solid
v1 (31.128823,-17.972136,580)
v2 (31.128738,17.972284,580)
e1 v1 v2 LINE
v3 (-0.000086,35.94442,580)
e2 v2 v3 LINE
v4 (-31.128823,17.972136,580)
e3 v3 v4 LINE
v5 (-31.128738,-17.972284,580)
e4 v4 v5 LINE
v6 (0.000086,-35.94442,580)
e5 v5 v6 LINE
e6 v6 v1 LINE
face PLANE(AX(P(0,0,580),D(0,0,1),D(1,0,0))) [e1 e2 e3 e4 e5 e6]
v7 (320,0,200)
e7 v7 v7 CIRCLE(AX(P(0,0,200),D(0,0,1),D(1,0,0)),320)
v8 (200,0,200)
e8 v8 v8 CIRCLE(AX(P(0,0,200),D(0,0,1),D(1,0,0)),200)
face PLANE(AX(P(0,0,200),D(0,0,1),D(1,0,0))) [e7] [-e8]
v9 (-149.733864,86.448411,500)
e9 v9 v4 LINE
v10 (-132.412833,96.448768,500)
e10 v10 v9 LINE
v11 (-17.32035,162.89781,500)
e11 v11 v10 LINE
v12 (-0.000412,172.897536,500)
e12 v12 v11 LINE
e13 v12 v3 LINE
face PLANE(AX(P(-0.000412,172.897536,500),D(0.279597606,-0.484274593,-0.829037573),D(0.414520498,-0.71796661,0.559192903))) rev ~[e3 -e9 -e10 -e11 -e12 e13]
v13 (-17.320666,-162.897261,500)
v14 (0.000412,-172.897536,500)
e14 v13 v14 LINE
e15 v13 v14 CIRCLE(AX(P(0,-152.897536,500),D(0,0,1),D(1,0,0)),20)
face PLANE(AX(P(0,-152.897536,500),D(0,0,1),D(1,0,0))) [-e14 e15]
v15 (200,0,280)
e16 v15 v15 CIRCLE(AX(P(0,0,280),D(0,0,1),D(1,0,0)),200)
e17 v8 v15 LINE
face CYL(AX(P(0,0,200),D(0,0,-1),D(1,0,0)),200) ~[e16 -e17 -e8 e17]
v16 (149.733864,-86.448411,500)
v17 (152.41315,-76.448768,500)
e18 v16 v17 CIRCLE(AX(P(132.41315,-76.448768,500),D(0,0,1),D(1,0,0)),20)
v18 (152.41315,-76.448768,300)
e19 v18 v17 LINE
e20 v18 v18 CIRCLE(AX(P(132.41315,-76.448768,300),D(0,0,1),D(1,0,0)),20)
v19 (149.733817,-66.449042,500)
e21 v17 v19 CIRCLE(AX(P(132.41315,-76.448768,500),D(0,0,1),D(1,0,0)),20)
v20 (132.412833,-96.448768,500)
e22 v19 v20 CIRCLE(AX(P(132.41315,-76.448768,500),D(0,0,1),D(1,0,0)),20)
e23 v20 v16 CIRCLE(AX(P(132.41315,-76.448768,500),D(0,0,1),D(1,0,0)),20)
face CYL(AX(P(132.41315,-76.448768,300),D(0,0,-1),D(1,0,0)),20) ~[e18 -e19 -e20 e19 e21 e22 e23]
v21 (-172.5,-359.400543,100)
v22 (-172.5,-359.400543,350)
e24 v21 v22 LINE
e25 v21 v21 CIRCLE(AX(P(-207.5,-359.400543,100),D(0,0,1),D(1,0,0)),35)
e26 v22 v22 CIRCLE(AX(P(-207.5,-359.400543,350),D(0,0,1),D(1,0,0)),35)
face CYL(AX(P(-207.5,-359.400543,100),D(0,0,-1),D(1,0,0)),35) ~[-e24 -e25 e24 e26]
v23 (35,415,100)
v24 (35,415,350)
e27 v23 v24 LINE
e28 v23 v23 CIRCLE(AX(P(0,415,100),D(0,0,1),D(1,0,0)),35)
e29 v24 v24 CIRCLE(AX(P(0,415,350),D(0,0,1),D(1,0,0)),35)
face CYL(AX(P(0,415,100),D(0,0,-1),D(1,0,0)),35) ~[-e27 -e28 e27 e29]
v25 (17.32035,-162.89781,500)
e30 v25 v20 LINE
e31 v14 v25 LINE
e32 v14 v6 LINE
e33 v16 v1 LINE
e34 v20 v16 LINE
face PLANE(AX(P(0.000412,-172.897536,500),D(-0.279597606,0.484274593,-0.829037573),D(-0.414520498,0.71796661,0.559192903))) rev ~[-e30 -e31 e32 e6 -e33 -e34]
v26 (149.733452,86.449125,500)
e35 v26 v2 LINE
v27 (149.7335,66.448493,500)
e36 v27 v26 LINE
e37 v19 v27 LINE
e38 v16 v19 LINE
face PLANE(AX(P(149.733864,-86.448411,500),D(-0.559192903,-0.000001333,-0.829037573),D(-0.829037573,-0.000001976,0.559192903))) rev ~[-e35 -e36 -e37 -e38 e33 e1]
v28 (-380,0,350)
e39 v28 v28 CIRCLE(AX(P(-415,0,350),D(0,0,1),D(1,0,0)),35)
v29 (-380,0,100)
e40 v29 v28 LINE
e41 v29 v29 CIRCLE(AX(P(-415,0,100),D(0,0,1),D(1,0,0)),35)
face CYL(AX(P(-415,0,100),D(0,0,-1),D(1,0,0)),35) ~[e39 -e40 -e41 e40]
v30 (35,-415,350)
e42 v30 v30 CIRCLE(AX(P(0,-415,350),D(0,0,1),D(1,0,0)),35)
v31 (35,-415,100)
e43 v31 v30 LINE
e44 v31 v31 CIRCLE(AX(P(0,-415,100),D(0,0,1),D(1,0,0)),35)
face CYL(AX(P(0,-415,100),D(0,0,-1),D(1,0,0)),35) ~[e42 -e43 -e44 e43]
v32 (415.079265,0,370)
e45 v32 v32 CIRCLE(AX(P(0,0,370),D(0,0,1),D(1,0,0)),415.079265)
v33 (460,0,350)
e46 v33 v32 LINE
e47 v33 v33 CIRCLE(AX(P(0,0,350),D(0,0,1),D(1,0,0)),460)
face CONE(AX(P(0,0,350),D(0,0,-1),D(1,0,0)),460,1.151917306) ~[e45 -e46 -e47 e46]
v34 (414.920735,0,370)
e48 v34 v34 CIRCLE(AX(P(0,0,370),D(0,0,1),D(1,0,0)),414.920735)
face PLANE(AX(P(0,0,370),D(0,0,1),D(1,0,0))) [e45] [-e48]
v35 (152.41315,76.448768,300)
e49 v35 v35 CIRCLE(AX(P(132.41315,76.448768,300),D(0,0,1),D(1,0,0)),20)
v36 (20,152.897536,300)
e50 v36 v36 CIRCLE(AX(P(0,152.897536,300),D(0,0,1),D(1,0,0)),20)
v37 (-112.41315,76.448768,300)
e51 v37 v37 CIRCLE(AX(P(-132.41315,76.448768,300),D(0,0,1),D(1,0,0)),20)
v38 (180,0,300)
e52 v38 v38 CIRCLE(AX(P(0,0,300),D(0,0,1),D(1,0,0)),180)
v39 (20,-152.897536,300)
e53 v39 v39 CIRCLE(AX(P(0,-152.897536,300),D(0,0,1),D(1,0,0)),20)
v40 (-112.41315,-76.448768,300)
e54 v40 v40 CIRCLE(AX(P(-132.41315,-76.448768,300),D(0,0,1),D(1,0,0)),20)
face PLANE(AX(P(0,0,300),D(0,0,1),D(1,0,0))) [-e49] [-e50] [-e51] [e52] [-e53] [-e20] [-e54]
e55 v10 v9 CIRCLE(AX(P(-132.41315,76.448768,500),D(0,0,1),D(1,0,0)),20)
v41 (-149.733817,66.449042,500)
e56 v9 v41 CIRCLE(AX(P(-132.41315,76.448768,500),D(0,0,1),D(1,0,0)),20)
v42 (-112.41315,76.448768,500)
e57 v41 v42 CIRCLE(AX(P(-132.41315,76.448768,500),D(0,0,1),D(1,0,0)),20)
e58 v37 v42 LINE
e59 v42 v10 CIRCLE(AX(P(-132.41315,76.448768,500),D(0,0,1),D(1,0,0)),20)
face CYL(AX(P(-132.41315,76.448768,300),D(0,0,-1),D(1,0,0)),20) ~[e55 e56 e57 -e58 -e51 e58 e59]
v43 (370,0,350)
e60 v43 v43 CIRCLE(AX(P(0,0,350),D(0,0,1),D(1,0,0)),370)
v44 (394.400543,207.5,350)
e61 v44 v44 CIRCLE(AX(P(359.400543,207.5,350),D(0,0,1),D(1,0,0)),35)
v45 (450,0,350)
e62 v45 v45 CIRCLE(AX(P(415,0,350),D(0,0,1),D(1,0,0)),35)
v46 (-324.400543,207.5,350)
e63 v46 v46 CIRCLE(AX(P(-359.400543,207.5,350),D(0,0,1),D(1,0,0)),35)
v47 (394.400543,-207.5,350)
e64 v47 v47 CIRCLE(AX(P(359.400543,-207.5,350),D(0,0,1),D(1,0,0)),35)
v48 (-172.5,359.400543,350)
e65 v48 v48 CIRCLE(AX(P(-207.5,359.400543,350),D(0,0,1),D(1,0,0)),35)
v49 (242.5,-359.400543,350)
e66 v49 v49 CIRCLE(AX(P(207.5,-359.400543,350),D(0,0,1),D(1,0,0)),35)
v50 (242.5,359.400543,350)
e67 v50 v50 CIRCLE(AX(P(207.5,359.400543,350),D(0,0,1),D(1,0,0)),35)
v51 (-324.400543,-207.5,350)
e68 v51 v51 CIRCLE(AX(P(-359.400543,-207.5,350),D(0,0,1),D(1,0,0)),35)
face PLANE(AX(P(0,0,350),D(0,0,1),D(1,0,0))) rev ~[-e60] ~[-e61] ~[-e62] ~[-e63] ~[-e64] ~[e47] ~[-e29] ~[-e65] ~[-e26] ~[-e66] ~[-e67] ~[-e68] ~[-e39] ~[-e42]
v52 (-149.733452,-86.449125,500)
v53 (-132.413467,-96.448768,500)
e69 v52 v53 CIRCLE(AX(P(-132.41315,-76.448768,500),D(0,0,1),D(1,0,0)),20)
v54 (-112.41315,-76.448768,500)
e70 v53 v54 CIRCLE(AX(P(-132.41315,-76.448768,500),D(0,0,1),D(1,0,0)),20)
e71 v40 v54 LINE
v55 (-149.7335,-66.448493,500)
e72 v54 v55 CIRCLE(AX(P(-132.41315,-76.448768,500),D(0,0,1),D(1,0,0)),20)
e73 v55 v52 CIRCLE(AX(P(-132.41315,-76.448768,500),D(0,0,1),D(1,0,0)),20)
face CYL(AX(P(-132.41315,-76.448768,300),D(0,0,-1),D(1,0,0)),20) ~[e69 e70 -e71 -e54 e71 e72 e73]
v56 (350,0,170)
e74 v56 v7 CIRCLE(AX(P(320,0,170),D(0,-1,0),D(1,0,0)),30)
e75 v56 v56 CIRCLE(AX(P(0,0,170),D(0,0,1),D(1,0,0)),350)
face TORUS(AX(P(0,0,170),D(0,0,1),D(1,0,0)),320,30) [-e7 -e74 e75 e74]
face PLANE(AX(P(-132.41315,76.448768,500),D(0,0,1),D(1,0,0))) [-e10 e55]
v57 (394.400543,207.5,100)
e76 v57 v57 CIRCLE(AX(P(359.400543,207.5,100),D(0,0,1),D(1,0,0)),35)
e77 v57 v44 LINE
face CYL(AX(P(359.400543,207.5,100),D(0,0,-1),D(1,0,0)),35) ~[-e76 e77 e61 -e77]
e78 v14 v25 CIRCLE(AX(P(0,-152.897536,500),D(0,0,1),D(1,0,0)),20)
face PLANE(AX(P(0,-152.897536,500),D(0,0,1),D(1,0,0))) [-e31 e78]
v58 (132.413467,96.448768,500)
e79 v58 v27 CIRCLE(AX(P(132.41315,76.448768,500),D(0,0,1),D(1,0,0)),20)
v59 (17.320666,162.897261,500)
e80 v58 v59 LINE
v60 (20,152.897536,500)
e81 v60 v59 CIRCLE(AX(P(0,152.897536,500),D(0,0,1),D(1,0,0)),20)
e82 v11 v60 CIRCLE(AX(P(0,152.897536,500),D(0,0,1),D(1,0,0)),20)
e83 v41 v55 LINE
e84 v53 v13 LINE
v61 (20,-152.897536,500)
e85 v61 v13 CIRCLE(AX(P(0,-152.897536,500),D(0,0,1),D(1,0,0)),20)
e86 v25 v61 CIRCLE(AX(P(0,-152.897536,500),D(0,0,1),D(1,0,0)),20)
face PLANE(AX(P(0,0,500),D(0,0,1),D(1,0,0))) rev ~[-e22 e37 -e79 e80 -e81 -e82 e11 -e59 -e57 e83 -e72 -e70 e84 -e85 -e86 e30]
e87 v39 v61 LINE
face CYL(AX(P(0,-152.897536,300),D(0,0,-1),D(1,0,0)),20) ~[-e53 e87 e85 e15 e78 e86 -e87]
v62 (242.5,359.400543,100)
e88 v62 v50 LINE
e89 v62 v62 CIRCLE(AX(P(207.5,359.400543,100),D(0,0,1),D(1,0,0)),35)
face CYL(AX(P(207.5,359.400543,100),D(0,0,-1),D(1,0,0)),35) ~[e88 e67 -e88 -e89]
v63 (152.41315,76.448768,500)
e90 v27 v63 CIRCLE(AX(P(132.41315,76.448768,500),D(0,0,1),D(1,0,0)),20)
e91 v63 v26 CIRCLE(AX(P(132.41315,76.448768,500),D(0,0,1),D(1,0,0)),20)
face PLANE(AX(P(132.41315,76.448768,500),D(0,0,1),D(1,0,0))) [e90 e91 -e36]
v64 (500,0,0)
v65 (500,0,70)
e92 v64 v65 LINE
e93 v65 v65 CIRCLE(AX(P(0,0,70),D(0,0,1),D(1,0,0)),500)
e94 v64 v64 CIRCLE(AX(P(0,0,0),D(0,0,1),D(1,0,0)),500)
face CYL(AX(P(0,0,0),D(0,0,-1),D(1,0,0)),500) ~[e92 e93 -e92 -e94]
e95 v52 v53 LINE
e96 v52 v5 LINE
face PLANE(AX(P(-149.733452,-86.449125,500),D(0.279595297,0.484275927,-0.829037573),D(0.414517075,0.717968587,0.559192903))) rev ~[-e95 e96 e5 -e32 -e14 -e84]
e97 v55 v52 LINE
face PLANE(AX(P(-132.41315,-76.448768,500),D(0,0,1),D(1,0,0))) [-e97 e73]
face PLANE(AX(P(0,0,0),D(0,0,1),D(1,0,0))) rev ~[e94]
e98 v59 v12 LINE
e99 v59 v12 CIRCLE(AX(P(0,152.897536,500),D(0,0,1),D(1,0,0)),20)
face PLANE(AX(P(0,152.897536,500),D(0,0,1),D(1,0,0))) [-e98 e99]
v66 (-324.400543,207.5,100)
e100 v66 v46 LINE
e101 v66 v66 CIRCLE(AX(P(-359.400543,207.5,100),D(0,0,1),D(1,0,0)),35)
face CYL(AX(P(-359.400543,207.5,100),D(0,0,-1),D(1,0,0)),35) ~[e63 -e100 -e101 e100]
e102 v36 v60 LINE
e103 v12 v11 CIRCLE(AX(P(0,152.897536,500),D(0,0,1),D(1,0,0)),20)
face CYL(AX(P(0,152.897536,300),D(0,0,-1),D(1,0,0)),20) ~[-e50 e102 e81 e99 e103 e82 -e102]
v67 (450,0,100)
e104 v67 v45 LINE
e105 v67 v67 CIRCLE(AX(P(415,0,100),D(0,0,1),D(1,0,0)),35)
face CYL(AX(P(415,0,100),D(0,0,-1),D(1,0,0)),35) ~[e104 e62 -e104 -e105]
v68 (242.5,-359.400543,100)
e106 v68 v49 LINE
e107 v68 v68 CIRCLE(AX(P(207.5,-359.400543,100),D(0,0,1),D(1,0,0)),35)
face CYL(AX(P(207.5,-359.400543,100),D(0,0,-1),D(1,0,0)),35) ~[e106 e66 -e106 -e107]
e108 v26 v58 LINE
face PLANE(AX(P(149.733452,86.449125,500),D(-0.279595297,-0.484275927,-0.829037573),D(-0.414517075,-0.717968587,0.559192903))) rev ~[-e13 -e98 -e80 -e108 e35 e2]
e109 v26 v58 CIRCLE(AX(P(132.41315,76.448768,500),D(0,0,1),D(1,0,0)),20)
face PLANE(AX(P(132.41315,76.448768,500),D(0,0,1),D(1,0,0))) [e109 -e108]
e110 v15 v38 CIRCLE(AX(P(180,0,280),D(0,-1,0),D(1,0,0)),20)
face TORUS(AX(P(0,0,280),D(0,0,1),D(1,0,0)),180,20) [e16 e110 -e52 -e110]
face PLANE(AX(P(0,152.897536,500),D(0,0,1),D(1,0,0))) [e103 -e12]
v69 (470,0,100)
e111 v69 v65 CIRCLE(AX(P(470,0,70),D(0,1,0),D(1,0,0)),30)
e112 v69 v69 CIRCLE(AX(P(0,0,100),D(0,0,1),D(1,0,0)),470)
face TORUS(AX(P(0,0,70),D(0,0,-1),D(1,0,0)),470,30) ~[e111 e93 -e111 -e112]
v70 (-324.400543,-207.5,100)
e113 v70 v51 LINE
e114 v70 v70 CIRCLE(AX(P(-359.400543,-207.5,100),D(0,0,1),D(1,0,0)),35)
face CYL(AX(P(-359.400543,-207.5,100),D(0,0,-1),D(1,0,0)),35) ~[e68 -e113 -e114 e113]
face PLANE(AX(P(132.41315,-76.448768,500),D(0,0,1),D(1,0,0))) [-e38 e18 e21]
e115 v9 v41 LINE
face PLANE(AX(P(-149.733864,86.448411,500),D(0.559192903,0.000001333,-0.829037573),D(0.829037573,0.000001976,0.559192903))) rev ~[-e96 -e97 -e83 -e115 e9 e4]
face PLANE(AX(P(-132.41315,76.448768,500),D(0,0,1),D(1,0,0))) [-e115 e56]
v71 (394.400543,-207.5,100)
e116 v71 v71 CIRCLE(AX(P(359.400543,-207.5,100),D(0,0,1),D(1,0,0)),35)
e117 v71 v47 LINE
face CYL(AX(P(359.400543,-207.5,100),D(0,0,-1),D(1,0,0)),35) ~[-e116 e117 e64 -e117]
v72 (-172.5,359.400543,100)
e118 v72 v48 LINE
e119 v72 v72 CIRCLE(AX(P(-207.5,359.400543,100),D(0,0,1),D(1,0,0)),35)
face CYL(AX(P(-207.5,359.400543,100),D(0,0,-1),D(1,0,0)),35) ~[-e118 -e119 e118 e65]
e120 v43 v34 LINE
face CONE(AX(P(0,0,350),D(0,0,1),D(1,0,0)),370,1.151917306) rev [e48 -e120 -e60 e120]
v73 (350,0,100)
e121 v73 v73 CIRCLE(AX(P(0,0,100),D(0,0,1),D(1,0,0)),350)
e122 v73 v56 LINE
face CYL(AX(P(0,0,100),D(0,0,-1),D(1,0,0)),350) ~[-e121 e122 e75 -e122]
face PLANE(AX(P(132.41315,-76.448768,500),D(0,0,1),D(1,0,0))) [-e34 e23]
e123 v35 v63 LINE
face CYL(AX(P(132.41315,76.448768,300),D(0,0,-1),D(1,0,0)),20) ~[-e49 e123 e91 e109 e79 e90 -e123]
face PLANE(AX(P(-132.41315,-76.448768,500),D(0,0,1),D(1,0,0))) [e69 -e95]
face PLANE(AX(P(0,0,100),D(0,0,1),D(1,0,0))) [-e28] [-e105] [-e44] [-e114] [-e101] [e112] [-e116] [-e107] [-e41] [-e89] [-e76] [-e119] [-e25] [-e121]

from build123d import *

# Parameters (mm, degrees)
SKICA12_R                = 500
P_IDAT_VYSUNUT_M7_DEPTH  = 100
SKICA13_R                = 350
P_IDAT_VYSUNUT_M8_DEPTH  = 100
SKICA14_R                = 200
P_IDAT_VYSUNUT_M9_DEPTH  = 100
SKICA15_R                = 20
P_IDAT_VYSUNUT_M10_DEPTH = 200
P_IDAT_VYSUNUT_M11_DEPTH = 80
P_IDAT_VYSUNUT_M11_TAPER = 56
ZAOBLIT3_R               = 30
ZAOBLIT4_R               = 30
ZAOBLIT5_R               = 20
SKICA21_R                = 35
P_IDAT_VYSUNUT_M12_DEPTH = 250
SKICA22_R                = 460
SKICA22_R_2              = 370
P_IDAT_VYSUNUT_M13_DEPTH = 20
P_IDAT_VYSUNUT_M13_DRAFT = 66


with BuildPart() as part:
    # Skica12 → Přidat vysunutím7 (new body)
    with BuildSketch(Plane.XY):
        Circle(SKICA12_R)
    extrude(amount=P_IDAT_VYSUNUT_M7_DEPTH)

    # Skica13 → Přidat vysunutím8 (add)
    with BuildSketch(Plane.XY.offset(100)):
        Circle(SKICA13_R)
    extrude(amount=P_IDAT_VYSUNUT_M8_DEPTH)

    # Skica14 → Přidat vysunutím9 (add)
    with BuildSketch(Plane.XY.offset(200)):
        Circle(SKICA14_R)
    extrude(amount=P_IDAT_VYSUNUT_M9_DEPTH)

    # Skica15 → Přidat vysunutím10 (add)
    with BuildSketch(Plane.XY.offset(300)):
        with Locations((0, 152.897535665)):
            Circle(SKICA15_R)
        with Locations((132.413150062, 76.448767833)):
            Circle(SKICA15_R)
        with Locations((132.413150062, -76.448767833)):
            Circle(SKICA15_R)
        with Locations((0, -152.897535665)):
            Circle(SKICA15_R)
        with Locations((-132.413150062, -76.448767833)):
            Circle(SKICA15_R)
        with Locations((-132.413150062, 76.448767833)):
            Circle(SKICA15_R)
    extrude(amount=P_IDAT_VYSUNUT_M10_DEPTH)

    # Skica16 → Přidat vysunutím11 (add)
    with BuildSketch(Plane.XY.offset(500)):
        Polygon((-149.73345205, -86.449124779), (0.000412169, -172.897535661), (149.733864218, -86.448410882), (149.73345205, 86.449124779), (-0.000412169, 172.897535661), (-149.733864218, 86.448410882), align=None)
    extrude(amount=P_IDAT_VYSUNUT_M11_DEPTH, taper=P_IDAT_VYSUNUT_M11_TAPER)

    # Zaoblit3
    zaoblit3_edges = [part.edges().sort_by_distance(p)[0] for p in [
        (-500, 0, 100),
    ]]
    fillet(zaoblit3_edges, radius=ZAOBLIT3_R)

    # Zaoblit4
    zaoblit4_edges = [part.edges().sort_by_distance(p)[0] for p in [
        (-350, 0, 200),
    ]]
    fillet(zaoblit4_edges, radius=ZAOBLIT4_R)

    # Zaoblit5
    zaoblit5_edges = [part.edges().sort_by_distance(p)[0] for p in [
        (-200, 0, 300),
    ]]
    fillet(zaoblit5_edges, radius=ZAOBLIT5_R)

    # Skica21 → Přidat vysunutím12 (add)
    with BuildSketch(Plane.XY.offset(100)):
        with Locations((0, 415)):
            Circle(SKICA21_R)
        with Locations((207.5, 359.400542571)):
            Circle(SKICA21_R)
        with Locations((359.400542571, 207.5)):
            Circle(SKICA21_R)
        with Locations((415, 0)):
            Circle(SKICA21_R)
        with Locations((359.400542571, -207.5)):
            Circle(SKICA21_R)
        with Locations((207.5, -359.400542571)):
            Circle(SKICA21_R)
        with Locations((0, -415)):
            Circle(SKICA21_R)
        with Locations((-207.5, -359.400542571)):
            Circle(SKICA21_R)
        with Locations((-359.400542571, -207.5)):
            Circle(SKICA21_R)
        with Locations((-415, 0)):
            Circle(SKICA21_R)
        with Locations((-359.400542571, 207.5)):
            Circle(SKICA21_R)
        with Locations((-207.5, 359.400542571)):
            Circle(SKICA21_R)
    extrude(amount=P_IDAT_VYSUNUT_M12_DEPTH)


with BuildPart() as p_idat_vysunut_m13_tool:
    # Skica22 → Přidat vysunutím13 (with draft: the straight prism first)
    with BuildSketch(Plane.XY.offset(350)):
        Circle(SKICA22_R)
        Circle(SKICA22_R_2, mode=Mode.SUBTRACT)
    extrude(amount=P_IDAT_VYSUNUT_M13_DEPTH)
    # Přidat vysunutím13: the draft: its side faces are tilted about the plane it starts from
    p_idat_vysunut_m13_sides = [p_idat_vysunut_m13_tool.faces().sort_by_distance(p)[0] for p in [
        (-460, 0, 360),
        (-370, 0, 360),
    ]]
    draft(p_idat_vysunut_m13_sides, Plane.XY.offset(350), P_IDAT_VYSUNUT_M13_DRAFT)


with BuildPart() as part_1:
    add(part.part)

    # Přidat vysunutím13: add p_idat_vysunut_m13_tool
    add(p_idat_vysunut_m13_tool.part)


solid = part_1.part
